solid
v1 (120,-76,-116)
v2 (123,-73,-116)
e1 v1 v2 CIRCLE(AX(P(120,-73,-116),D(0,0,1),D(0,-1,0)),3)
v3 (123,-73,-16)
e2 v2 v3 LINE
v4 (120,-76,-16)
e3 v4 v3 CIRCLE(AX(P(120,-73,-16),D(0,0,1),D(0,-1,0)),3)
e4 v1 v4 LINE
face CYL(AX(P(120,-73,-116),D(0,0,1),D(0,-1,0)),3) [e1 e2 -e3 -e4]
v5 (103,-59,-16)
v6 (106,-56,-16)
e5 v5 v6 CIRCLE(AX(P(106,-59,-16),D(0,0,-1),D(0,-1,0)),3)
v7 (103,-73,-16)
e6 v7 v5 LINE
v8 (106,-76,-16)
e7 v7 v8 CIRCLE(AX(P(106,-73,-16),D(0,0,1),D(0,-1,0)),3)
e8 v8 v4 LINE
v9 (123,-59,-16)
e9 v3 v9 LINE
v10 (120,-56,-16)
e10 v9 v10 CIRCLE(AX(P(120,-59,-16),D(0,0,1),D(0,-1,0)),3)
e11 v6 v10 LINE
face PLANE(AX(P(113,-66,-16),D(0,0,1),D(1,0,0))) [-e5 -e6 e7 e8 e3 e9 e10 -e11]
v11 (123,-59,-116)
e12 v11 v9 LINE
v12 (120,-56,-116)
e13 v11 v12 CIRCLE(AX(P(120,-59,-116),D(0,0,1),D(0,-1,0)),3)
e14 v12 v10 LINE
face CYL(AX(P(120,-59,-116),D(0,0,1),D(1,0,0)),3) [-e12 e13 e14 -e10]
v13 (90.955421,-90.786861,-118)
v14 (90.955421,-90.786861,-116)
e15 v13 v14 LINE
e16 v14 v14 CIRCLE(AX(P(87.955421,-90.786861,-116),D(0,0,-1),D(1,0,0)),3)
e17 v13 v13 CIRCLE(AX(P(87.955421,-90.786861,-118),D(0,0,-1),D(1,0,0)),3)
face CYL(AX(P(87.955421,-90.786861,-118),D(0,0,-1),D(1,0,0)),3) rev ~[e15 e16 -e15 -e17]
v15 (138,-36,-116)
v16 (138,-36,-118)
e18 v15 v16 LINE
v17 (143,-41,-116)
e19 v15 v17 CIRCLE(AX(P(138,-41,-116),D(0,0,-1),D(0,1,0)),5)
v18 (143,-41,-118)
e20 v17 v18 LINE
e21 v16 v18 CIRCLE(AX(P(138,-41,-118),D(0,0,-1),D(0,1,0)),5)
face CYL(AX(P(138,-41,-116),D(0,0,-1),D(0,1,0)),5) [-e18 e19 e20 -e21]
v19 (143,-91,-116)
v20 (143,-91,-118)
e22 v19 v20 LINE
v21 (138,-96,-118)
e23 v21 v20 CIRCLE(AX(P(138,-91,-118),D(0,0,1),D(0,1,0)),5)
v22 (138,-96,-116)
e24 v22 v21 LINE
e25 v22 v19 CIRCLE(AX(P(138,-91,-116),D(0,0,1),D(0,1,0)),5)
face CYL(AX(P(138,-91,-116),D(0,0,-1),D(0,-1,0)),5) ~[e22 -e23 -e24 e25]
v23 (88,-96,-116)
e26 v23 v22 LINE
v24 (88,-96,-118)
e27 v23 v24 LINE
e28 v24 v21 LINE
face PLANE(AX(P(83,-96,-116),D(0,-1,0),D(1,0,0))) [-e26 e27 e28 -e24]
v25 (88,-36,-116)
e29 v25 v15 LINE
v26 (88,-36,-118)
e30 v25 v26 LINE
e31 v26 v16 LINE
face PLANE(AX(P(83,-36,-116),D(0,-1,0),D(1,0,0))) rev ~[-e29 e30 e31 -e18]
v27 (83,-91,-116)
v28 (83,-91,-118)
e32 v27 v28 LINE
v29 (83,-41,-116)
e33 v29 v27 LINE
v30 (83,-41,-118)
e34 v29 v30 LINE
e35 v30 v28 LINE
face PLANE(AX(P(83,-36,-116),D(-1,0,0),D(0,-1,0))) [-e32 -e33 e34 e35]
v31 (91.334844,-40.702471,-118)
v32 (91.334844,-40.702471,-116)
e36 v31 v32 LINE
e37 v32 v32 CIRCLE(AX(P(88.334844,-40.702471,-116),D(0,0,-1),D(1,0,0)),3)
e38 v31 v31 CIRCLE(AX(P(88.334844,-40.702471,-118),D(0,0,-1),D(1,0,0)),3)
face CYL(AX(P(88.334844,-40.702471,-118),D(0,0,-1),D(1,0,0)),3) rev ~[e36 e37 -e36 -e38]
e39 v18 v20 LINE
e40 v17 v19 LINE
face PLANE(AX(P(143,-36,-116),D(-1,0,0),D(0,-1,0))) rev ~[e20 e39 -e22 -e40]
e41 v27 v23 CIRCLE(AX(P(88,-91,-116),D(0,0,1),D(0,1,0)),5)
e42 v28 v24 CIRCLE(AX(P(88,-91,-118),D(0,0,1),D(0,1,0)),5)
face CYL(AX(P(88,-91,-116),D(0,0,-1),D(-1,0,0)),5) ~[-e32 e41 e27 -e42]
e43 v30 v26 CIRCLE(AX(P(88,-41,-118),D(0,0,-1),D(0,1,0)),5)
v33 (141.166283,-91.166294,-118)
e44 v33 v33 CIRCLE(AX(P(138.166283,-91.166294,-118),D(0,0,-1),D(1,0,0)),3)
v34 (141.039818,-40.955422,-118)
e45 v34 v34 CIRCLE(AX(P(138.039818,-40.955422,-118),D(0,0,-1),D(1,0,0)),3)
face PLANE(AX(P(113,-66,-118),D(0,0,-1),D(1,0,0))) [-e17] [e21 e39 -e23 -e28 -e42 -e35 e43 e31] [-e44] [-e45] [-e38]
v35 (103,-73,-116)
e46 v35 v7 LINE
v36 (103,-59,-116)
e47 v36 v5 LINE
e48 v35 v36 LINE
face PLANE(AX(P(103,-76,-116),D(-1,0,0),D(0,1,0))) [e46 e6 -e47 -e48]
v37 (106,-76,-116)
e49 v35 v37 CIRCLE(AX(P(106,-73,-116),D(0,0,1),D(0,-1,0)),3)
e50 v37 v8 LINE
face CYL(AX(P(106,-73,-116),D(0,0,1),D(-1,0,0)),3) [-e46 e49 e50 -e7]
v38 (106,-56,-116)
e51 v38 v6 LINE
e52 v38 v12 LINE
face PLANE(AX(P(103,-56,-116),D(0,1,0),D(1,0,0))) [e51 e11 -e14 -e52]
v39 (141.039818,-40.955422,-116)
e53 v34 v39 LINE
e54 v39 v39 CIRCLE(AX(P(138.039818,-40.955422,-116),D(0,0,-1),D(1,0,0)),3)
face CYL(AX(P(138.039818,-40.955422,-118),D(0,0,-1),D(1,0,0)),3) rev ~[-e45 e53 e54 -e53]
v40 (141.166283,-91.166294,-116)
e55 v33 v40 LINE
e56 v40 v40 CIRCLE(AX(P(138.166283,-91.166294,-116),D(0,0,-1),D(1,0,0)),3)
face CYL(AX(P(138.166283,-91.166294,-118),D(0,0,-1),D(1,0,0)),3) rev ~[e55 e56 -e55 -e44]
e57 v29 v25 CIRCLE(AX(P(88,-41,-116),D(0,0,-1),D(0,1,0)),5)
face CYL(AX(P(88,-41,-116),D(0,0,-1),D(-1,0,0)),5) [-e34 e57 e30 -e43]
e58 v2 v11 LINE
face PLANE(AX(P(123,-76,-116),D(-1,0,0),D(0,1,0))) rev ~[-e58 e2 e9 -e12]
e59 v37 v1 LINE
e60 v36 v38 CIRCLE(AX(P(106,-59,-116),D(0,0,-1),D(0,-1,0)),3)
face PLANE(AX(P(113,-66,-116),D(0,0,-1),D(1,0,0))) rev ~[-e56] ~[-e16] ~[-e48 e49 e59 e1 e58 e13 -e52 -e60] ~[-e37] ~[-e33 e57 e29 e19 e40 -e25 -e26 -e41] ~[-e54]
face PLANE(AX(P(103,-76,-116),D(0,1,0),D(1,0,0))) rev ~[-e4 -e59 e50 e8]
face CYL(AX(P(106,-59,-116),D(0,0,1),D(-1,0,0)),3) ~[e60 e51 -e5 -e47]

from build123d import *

# Parameters (mm, degrees)
SKETCH007_W    = 20
SKETCH007_H    = 20
PAD004_DEPTH   = 100
FILLET016_R    = 3
FILLET017_R    = 3
SKETCH006_W    = 60
SKETCH006_H    = 60
PAD005_DEPTH   = 2
FILLET019_R    = 5
FILLET015_R    = 5
FILLET014_R    = 5
FILLET018_R    = 5
SKETCH005_R    = 3
HOLE001_DEPTH  = 25
HOLE001_TIPS_R = 3


with BuildPart() as part:
    # Sketch007 → Pad004 (new body)
    with BuildSketch(Plane.XY):
        with Locations((10, -10)):
            Rectangle(SKETCH007_W, SKETCH007_H)
    extrude(amount=PAD004_DEPTH)

    # Fillet016
    fillet016_edges = [part.edges().sort_by_distance(p)[0] for p in [
        (0, -20, 50),
        (20, 0, 50),
        (0, 0, 50),
    ]]
    fillet(fillet016_edges, radius=FILLET016_R)

    # Fillet017
    fillet017_edges = [part.edges().sort_by_distance(p)[0] for p in [
        (20, -20, 50),
    ]]
    fillet(fillet017_edges, radius=FILLET017_R)

    # Sketch006 (on Face1 of Fillet017) → Pad005 (join)
    with BuildSketch(Plane(origin=(0, 0, 0), x_dir=(1, 0, 0), z_dir=(0, 0, -1))):
        with Locations((10, 10)):
            Rectangle(SKETCH006_W, SKETCH006_H)
    extrude(amount=PAD005_DEPTH)

    # Fillet019
    fillet019_edges = [part.edges().sort_by_distance(p)[0] for p in [
        (-20, 20, -1),
    ]]
    fillet(fillet019_edges, radius=FILLET019_R)

    # Fillet015
    fillet015_edges = [part.edges().sort_by_distance(p)[0] for p in [
        (40, 20, -1),
    ]]
    fillet(fillet015_edges, radius=FILLET015_R)

    # Fillet014
    fillet014_edges = [part.edges().sort_by_distance(p)[0] for p in [
        (-20, -40, -1),
    ]]
    fillet(fillet014_edges, radius=FILLET014_R)

    # Fillet018
    fillet018_edges = [part.edges().sort_by_distance(p)[0] for p in [
        (40, -40, -1),
    ]]
    fillet(fillet018_edges, radius=FILLET018_R)

    # Sketch005 (on Face18 of Fillet018) → Hole001 (cut)
    with BuildSketch(Plane(origin=(0, 0, -2), x_dir=(1, 0, 0), z_dir=(0, 0, -1))):
        with Locations((-14.665156, -15.297529)):
            Circle(SKETCH005_R)
        with Locations((35.039818, -15.044578)):
            Circle(SKETCH005_R)
        with Locations((35.166283, 35.166294)):
            Circle(SKETCH005_R)
        with Locations((-15.044579, 34.786861)):
            Circle(SKETCH005_R)
    extrude(amount=-HOLE001_DEPTH, mode=Mode.SUBTRACT)

    # Hole001 tips → Hole001 tip 1 section 0
    with BuildSketch(Plane(origin=(0, 0, 23), x_dir=(1, 0, 0), z_dir=(0, 0, -1)), mode=Mode.PRIVATE) as hole001_tip_1_s0:
        with Locations((-14.665156, -15.297529)):
            Circle(HOLE001_TIPS_R)
    loft([hole001_tip_1_s0.sketch, Vertex(-14.665156, 15.297529, 24.802582)], mode=Mode.SUBTRACT)

    # Hole001 tips → Hole001 tip 2 section 0
    with BuildSketch(Plane(origin=(0, 0, 23), x_dir=(1, 0, 0), z_dir=(0, 0, -1)), mode=Mode.PRIVATE) as hole001_tip_2_s0:
        with Locations((35.039818, -15.044578)):
            Circle(HOLE001_TIPS_R)
    loft([hole001_tip_2_s0.sketch, Vertex(35.039818, 15.044578, 24.802582)], mode=Mode.SUBTRACT)

    # Hole001 tips → Hole001 tip 3 section 0
    with BuildSketch(Plane(origin=(0, 0, 23), x_dir=(1, 0, 0), z_dir=(0, 0, -1)), mode=Mode.PRIVATE) as hole001_tip_3_s0:
        with Locations((35.166283, 35.166294)):
            Circle(HOLE001_TIPS_R)
    loft([hole001_tip_3_s0.sketch, Vertex(35.166283, -35.166294, 24.802582)], mode=Mode.SUBTRACT)

    # Hole001 tips → Hole001 tip 4 section 0
    with BuildSketch(Plane(origin=(0, 0, 23), x_dir=(1, 0, 0), z_dir=(0, 0, -1)), mode=Mode.PRIVATE) as hole001_tip_4_s0:
        with Locations((-15.044579, 34.786861)):
            Circle(HOLE001_TIPS_R)
    loft([hole001_tip_4_s0.sketch, Vertex(-15.044579, -34.786861, 24.802582)], mode=Mode.SUBTRACT)


with BuildPart() as part_1:
    # Body003 placement: moved
    add(part.part.moved(Location((103, -56, -116))))


solid = part_1.part
